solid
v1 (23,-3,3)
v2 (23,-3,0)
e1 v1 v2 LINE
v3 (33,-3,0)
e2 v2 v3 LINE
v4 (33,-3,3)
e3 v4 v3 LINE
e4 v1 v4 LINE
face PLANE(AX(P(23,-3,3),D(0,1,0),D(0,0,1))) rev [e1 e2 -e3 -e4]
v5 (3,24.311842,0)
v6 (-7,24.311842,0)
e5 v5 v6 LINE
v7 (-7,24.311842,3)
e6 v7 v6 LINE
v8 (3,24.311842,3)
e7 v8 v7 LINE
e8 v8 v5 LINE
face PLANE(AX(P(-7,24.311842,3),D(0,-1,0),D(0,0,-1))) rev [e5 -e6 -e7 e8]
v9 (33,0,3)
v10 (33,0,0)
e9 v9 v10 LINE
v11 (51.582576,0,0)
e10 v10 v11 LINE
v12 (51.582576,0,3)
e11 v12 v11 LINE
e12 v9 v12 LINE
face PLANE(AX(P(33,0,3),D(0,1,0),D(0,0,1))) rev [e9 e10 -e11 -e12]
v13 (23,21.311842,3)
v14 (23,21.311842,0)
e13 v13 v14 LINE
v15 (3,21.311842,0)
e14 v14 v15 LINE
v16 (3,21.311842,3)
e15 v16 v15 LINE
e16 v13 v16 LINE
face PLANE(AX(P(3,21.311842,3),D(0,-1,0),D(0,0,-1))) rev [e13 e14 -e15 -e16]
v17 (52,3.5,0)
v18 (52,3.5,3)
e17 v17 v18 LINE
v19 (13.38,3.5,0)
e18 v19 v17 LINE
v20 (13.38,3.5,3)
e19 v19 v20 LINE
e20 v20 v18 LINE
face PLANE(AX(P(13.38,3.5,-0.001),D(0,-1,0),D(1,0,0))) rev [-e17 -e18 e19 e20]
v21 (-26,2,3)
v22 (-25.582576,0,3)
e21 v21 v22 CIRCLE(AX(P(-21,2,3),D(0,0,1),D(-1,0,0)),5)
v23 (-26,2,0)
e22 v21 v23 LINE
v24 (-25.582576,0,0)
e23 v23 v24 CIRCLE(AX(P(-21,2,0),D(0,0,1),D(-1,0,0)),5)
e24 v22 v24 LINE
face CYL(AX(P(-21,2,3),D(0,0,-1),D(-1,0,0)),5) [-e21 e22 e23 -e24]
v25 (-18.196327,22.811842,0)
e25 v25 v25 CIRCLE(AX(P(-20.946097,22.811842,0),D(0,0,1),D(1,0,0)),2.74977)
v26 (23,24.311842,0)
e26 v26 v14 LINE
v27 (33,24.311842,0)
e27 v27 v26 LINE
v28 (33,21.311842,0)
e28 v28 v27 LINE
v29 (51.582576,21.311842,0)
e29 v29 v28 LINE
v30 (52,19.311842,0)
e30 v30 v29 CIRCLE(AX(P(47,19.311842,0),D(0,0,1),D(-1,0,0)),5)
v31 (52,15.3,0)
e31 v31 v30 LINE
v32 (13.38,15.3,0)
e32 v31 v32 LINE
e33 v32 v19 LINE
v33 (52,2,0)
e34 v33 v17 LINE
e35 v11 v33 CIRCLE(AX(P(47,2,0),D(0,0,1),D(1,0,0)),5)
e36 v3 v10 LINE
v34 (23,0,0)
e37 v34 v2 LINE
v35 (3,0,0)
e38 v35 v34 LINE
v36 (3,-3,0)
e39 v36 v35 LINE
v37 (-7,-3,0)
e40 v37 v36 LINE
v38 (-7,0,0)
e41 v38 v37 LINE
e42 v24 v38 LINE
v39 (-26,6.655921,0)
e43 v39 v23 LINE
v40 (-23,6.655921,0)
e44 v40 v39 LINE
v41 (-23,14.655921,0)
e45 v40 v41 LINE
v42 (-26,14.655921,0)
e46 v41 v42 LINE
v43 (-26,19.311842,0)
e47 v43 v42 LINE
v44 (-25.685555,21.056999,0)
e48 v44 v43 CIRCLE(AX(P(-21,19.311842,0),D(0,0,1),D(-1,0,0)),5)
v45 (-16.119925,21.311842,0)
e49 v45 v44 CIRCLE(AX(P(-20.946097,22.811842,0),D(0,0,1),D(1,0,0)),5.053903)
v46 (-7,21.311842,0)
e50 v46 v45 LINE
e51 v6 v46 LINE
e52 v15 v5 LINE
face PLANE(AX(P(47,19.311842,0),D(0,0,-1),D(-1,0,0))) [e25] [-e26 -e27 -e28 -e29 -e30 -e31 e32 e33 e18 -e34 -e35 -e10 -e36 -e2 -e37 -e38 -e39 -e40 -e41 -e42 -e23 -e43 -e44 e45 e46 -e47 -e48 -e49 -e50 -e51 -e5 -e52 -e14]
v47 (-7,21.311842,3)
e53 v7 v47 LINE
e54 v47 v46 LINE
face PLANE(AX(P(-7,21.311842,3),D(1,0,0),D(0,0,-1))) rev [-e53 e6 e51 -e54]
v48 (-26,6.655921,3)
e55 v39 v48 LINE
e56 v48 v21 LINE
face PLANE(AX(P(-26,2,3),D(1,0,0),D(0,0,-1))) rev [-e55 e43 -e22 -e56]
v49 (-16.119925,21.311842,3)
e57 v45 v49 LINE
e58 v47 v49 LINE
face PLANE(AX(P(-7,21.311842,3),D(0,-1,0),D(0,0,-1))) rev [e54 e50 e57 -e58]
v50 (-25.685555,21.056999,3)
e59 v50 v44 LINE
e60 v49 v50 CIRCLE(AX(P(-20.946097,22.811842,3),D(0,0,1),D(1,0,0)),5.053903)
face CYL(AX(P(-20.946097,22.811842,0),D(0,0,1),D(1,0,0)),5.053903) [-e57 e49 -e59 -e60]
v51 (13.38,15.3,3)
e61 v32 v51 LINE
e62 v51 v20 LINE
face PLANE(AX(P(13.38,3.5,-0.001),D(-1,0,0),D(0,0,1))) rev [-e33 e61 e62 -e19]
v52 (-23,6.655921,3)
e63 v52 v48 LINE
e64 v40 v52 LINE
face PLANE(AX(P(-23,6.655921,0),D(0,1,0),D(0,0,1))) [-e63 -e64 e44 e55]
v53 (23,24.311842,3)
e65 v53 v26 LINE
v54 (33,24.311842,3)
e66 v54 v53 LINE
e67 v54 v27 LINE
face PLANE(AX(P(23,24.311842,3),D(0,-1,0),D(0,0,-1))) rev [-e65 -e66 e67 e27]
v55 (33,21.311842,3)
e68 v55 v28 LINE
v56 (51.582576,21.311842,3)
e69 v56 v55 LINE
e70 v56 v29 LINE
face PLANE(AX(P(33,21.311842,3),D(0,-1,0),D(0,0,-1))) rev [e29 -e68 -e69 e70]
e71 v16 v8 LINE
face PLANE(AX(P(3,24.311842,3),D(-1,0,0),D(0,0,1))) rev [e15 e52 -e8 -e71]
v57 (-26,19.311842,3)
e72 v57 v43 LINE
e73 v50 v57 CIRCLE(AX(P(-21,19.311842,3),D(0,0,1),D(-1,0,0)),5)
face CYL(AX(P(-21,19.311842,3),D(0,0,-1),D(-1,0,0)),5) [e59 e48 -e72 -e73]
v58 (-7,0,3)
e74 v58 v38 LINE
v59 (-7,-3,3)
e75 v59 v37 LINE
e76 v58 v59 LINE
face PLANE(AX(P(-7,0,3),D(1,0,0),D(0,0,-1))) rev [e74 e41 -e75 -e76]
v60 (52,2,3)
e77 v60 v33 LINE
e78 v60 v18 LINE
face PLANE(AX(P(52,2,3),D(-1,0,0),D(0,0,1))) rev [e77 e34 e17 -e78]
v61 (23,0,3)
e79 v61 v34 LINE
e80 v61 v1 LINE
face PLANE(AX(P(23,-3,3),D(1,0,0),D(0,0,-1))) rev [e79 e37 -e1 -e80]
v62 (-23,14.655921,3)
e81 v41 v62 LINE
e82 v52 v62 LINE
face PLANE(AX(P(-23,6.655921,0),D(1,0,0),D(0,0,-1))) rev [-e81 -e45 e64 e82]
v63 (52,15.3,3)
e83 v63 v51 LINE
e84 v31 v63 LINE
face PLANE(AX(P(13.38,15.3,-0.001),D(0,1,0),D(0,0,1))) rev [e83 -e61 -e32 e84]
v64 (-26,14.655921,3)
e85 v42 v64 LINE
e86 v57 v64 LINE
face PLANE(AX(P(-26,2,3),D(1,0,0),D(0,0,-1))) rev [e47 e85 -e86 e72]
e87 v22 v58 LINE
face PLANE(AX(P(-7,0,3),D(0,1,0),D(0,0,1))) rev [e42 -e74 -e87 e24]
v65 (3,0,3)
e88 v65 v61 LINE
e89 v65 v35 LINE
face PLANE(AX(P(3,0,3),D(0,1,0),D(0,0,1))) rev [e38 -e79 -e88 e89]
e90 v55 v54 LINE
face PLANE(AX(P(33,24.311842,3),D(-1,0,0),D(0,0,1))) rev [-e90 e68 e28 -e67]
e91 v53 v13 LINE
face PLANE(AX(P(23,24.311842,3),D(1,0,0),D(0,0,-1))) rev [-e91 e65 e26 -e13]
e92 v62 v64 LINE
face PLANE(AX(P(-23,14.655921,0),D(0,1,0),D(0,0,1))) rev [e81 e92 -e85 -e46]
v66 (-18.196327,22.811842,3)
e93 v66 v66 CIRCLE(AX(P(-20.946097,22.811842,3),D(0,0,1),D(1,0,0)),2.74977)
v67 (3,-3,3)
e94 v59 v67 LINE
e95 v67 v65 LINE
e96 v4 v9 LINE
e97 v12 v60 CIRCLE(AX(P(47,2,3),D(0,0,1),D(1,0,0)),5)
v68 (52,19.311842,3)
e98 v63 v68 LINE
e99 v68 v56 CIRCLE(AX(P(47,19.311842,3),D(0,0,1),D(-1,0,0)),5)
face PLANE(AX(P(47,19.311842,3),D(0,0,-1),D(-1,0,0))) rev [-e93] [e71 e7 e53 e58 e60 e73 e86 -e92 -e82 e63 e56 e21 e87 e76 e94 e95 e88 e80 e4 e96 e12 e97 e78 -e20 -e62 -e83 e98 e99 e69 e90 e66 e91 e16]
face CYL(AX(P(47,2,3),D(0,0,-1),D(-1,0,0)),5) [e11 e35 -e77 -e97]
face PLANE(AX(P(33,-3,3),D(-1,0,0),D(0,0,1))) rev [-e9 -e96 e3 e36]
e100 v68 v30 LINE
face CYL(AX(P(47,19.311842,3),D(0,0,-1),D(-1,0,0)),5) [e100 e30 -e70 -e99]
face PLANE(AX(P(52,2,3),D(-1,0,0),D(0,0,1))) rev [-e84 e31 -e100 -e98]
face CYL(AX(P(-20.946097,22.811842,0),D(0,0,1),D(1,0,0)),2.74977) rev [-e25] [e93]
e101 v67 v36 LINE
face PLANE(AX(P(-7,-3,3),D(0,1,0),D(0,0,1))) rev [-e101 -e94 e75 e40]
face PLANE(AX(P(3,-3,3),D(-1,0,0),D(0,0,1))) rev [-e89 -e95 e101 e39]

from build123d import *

# Parameters (mm, degrees)
BOSS_EXTRUDE1_DEPTH = 3
CUT_EXTRUDE1_REACH  = 5
SKETCH3_R           = 5.053902861
SKETCH3_R_2         = 2.749769833
BOSS_EXTRUDE2_DEPTH = 3
CUT_EXTRUDE2_REACH  = 5
SKETCH5_W           = 3
SKETCH5_H           = 8
CUT_EXTRUDE3_DEPTH  = 3


with BuildPart() as part:
    # Sketch1 → Boss-Extrude1 (new body)
    with BuildSketch(Plane.XY):
        with BuildLine():
            Line((-7, -3), (3, -3))
            Line((3, -3), (3, 0))
            Line((3, 0), (23, 0))
            Line((23, 0), (23, -3))
            Line((23, -3), (33, -3))
            Line((33, -3), (33, 0))
            Line((33, 0), (51.582575695, 0))
            ThreePointArc((51.582575695, 0), (51.894531565, 0.978451782), (52, 2))
            Line((52, 2), (52, 19.311841589))
            ThreePointArc((52, 19.311841589), (51.894531565, 20.333389808), (51.582575695, 21.311841589))
            Line((51.582575695, 21.311841589), (33, 21.311841589))
            Line((33, 21.311841589), (33, 24.311841589))
            Line((33, 24.311841589), (23, 24.311841589))
            Line((23, 24.311841589), (23, 21.311841589))
            Line((23, 21.311841589), (3, 21.311841589))
            Line((3, 21.311841589), (3, 24.311841589))
            Line((3, 24.311841589), (-7, 24.311841589))
            Line((-7, 24.311841589), (-7, 21.311841589))
            Line((-7, 21.311841589), (-25.582575695, 21.311841589))
            ThreePointArc((-25.582575695, 21.311841589), (-25.894531565, 20.333389808), (-26, 19.311841589))
            Line((-26, 19.311841589), (-26, 2))
            ThreePointArc((-26, 2), (-25.894531565, 0.978451782), (-25.582575695, 0))
            Line((-25.582575695, 0), (-7, 0))
            Line((-7, 0), (-7, -3))
        make_face()
    extrude(amount=BOSS_EXTRUDE1_DEPTH)

    # Sketch2 → Cut-Extrude1 (cut, up to next)
    with BuildSketch(Plane.XY.offset(3), mode=Mode.PRIVATE) as cut_extrude1_sk1:
        Polygon((13.38, 3.5), (13.38, 15.3), (23.54, 15.3), (52, 15.3), (52, 3.5), align=None)
    cut_extrude1_tool1 = extrude(cut_extrude1_sk1.sketch, amount=-CUT_EXTRUDE1_REACH, mode=Mode.PRIVATE) & part.part
    add(cut_extrude1_tool1.solids().sort_by_distance((32.69, 9.4, 3))[0], mode=Mode.SUBTRACT)

    # Sketch3 → Boss-Extrude2 (add)
    with BuildSketch(Plane.XY.offset(3)):
        with Locations((-20.946097139, 22.811841589)):
            Circle(SKETCH3_R)
        with Locations((-20.946097139, 22.811841589)):
            Circle(SKETCH3_R_2, mode=Mode.SUBTRACT)
    extrude(amount=-BOSS_EXTRUDE2_DEPTH)

    # Sketch4 → Cut-Extrude2 (cut, up to next)
    with BuildSketch(Plane.XY.offset(3), mode=Mode.PRIVATE) as cut_extrude2_sk1:
        with BuildLine():
            Line((-23.250708633, 21.311841589), (-18.641485645, 21.311841589))
            ThreePointArc((-18.641485645, 21.311841589), (-20.946097139, 20.062071756), (-23.250708633, 21.311841589))
        make_face()
    cut_extrude2_tool1 = extrude(cut_extrude2_sk1.sketch, amount=-CUT_EXTRUDE2_REACH, mode=Mode.PRIVATE) & part.part
    add(cut_extrude2_tool1.solids().sort_by_distance((-20.946097, 20.800705, 3))[0], mode=Mode.SUBTRACT)

    # Sketch5 → Cut-Extrude3 (cut)
    with BuildSketch(Plane.XY.offset(3)):
        with Locations((-24.5, 10.655920795)):
            Rectangle(SKETCH5_W, SKETCH5_H)
    extrude(amount=-CUT_EXTRUDE3_DEPTH, mode=Mode.SUBTRACT)


solid = part.part
